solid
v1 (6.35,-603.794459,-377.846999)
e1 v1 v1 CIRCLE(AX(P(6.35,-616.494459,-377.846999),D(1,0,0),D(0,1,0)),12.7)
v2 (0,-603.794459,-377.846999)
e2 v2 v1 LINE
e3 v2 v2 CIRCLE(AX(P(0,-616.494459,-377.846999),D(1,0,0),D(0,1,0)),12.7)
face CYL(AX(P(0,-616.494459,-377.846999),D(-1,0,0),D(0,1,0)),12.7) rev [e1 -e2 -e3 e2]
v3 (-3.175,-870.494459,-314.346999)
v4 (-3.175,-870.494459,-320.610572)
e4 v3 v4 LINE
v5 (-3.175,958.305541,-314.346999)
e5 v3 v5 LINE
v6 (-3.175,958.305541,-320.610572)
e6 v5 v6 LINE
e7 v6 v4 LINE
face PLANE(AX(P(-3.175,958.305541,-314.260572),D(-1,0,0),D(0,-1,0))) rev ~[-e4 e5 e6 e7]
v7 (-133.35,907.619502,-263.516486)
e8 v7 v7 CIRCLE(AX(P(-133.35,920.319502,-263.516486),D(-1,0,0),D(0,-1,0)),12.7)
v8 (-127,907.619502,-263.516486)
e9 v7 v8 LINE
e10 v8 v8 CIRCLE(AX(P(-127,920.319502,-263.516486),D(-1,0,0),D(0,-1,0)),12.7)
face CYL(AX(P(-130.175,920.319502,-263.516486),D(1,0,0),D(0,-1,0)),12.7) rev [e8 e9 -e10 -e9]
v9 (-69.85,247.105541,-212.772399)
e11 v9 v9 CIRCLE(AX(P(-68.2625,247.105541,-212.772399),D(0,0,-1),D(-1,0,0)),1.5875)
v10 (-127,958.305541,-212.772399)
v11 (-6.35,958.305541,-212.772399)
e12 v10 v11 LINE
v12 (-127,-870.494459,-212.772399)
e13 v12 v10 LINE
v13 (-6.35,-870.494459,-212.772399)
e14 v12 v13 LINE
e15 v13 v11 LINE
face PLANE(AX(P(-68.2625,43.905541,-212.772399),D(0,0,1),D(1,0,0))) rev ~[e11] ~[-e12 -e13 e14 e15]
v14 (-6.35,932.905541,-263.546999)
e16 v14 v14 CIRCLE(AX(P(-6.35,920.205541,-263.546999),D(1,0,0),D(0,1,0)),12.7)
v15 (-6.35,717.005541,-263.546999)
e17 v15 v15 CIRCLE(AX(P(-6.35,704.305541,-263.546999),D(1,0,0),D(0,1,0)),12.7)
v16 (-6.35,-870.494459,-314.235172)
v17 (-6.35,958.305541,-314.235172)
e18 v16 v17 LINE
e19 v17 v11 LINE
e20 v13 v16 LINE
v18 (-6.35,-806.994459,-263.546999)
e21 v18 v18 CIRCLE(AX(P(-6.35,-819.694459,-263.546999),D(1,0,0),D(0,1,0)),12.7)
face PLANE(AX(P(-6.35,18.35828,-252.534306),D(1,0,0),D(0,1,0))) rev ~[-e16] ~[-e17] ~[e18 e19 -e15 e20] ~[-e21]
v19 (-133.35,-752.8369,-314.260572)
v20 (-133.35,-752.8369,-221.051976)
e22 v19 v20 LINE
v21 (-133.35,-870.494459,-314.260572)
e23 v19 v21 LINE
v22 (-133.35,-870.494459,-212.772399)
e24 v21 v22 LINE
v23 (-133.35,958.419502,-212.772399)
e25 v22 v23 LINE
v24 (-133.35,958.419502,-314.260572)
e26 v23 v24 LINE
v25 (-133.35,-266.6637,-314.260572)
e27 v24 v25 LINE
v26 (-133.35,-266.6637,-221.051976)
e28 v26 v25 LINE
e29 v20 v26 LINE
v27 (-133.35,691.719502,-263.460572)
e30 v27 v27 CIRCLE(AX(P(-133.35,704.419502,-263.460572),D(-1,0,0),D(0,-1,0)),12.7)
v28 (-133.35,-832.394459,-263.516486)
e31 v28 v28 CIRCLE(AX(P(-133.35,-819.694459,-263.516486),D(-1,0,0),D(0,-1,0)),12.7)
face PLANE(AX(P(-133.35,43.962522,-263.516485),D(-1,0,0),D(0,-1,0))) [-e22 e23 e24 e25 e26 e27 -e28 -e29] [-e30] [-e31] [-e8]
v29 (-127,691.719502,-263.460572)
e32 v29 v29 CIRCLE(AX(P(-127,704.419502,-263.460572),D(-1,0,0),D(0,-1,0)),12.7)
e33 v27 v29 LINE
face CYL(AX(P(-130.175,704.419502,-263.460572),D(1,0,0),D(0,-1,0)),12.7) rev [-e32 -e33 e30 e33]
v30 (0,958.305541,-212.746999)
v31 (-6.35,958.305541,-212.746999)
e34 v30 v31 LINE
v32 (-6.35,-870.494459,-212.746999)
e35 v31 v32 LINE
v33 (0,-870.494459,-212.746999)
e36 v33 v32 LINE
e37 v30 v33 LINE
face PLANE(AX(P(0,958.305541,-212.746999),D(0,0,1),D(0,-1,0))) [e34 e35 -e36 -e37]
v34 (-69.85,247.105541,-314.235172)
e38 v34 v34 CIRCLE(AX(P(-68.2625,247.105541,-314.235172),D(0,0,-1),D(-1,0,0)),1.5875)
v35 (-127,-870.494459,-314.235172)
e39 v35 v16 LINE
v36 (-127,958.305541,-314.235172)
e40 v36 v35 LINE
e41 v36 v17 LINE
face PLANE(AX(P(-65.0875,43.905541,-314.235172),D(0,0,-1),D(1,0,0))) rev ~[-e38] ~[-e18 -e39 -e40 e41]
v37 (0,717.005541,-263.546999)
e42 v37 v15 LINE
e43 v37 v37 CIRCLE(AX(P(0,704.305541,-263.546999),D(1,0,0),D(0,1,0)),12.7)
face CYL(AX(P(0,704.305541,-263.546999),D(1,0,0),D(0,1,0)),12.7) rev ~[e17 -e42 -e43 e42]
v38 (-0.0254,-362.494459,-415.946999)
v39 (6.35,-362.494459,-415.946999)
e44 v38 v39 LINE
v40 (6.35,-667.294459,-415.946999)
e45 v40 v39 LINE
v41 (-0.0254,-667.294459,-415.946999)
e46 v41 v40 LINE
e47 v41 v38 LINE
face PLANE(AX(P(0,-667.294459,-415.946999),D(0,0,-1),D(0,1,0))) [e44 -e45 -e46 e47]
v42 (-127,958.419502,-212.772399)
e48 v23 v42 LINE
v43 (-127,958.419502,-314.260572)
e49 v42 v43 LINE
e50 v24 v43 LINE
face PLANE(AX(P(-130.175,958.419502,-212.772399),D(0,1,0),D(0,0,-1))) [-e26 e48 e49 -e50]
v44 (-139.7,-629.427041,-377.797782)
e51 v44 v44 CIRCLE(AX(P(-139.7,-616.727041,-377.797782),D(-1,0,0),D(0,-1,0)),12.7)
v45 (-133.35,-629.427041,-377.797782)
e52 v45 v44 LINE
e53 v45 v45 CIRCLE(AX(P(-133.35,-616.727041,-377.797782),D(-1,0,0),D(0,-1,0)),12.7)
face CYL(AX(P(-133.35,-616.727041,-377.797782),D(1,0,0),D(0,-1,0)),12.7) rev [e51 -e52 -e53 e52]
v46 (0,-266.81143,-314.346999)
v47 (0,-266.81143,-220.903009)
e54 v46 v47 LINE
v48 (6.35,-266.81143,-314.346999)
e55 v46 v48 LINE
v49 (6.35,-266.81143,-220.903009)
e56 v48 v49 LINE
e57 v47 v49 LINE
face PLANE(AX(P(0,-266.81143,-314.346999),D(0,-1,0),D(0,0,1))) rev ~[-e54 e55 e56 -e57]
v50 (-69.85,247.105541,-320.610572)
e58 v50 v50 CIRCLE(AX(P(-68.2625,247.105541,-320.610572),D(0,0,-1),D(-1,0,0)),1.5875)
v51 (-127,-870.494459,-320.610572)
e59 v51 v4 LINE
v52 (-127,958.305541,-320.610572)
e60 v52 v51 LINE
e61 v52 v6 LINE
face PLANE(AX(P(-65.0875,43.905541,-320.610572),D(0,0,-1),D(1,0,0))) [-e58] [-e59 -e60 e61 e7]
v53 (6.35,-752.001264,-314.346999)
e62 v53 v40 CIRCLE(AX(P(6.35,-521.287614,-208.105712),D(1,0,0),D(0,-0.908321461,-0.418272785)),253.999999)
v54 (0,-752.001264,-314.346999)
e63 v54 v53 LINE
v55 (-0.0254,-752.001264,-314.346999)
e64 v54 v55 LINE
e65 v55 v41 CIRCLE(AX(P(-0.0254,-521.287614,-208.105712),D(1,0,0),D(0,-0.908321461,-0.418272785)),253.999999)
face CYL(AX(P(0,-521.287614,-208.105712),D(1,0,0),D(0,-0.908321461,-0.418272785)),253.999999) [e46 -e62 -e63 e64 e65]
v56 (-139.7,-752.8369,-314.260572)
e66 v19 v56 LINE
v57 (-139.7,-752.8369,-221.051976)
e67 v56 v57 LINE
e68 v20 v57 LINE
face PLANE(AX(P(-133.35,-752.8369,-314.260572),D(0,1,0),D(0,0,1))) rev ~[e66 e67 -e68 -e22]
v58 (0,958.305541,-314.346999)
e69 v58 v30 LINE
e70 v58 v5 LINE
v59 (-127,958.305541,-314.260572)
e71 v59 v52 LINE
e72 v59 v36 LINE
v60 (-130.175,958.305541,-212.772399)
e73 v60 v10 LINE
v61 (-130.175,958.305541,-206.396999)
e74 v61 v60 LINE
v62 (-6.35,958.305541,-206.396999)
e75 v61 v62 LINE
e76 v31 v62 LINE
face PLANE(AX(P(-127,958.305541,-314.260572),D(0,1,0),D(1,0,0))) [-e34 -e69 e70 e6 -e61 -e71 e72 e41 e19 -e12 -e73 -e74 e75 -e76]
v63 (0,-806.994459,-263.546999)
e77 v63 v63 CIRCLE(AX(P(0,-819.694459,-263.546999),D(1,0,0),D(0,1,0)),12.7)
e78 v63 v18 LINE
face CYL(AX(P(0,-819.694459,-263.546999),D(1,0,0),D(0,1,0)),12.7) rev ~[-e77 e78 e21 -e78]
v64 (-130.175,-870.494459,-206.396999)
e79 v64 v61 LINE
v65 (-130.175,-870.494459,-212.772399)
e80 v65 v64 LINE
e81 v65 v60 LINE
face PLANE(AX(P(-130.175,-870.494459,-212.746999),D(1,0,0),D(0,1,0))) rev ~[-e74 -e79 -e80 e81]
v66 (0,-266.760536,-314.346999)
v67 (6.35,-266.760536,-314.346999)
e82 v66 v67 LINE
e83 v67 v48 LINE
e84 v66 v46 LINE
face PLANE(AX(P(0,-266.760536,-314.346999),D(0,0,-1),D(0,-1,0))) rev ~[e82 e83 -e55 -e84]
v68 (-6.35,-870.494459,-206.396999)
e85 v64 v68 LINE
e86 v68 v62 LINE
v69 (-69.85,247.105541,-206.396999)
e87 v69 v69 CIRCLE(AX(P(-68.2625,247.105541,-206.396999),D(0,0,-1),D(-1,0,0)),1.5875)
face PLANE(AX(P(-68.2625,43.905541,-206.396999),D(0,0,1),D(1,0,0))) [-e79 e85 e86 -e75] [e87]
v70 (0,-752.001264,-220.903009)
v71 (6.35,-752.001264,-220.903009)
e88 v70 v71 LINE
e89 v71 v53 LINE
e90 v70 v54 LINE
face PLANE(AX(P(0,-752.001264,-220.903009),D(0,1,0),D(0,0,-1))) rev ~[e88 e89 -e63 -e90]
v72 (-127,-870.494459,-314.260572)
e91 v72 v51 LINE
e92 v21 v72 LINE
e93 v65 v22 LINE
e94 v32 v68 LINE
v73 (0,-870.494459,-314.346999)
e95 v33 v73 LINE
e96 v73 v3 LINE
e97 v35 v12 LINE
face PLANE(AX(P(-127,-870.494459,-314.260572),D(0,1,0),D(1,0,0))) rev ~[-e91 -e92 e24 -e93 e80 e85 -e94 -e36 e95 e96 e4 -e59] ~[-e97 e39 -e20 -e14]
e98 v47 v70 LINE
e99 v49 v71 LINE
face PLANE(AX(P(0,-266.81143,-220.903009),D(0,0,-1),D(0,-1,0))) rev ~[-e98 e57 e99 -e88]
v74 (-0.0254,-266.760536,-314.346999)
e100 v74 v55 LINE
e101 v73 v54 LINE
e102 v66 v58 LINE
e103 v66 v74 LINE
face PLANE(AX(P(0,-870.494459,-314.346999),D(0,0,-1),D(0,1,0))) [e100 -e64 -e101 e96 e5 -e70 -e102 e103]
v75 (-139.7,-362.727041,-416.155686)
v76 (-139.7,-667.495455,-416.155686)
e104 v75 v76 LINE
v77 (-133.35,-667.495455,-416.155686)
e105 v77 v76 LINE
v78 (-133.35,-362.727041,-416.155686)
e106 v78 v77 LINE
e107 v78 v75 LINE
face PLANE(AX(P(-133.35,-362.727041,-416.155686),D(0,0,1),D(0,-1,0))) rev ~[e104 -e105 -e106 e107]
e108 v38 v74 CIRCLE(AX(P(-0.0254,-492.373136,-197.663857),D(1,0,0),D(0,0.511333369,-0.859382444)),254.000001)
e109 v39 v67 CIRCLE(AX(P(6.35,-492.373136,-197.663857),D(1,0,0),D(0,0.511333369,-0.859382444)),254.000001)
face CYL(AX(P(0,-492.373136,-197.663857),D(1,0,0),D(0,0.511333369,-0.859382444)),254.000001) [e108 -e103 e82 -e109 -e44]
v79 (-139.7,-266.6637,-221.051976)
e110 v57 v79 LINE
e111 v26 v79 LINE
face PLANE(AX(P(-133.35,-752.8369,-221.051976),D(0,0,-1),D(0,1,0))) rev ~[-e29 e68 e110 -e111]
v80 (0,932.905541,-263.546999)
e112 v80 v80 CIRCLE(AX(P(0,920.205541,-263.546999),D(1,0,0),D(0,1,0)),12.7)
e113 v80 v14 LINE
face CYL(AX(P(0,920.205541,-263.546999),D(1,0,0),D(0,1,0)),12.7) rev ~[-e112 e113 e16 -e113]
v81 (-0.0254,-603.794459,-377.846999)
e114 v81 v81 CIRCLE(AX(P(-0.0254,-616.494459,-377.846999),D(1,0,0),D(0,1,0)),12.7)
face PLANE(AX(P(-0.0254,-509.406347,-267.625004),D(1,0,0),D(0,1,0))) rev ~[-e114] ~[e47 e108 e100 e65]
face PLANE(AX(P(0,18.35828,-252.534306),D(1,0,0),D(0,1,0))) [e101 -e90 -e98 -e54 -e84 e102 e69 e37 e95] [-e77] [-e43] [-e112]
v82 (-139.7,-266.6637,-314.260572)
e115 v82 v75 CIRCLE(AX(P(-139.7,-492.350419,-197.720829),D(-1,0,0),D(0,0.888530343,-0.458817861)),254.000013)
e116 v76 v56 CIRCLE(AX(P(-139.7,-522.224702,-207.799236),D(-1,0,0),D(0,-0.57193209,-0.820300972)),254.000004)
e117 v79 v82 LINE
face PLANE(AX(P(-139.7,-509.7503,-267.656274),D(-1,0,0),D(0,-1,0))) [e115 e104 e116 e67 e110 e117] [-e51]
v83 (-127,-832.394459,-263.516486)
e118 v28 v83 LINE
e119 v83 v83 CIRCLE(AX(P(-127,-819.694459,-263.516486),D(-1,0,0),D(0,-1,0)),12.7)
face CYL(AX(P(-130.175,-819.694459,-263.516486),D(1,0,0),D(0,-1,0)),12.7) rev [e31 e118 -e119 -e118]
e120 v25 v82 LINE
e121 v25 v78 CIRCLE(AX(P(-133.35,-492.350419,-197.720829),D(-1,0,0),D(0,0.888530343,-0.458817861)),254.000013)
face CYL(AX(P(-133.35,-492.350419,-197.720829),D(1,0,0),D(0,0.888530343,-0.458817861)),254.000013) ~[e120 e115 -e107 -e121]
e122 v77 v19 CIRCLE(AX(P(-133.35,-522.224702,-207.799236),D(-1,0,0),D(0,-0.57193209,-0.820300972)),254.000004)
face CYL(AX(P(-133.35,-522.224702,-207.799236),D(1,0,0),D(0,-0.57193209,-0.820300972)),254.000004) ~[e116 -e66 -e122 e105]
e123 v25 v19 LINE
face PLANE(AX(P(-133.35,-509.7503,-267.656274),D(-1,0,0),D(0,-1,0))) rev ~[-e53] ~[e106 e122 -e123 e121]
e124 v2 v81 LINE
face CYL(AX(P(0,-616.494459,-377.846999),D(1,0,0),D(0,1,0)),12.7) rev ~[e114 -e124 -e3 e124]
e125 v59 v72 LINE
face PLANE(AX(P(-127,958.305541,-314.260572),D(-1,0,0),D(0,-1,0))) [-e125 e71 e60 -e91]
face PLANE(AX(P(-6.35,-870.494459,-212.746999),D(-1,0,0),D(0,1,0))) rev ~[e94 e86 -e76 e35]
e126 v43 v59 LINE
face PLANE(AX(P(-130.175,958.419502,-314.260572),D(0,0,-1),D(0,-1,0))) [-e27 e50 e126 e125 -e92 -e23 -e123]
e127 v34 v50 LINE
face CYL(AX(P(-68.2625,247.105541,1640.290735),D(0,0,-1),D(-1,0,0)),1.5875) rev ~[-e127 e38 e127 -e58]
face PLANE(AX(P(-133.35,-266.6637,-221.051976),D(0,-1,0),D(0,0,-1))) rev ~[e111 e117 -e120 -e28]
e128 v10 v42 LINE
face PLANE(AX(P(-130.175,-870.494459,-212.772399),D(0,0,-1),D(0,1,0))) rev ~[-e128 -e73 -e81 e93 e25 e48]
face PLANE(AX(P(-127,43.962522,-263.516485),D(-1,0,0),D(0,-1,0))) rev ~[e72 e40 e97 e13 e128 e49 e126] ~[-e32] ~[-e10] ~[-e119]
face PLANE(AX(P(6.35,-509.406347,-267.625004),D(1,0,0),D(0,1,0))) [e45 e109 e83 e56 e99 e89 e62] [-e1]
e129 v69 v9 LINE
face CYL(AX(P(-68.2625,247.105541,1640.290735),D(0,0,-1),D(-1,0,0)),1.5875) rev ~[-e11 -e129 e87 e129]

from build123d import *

# Parameters (mm, degrees)
F0_R          = 12.7
F1_DEPTH      = 6.35
F0_W          = 304.8
F0_H          = 101.6
F2_DEPTH      = 6.35
F2_DEPTH_BACK = 0.0254
F3_W          = 123.825
F3_H          = 1828.8
F4_DEPTH      = 6.35
F4_DEPTH_BACK = 0.0254
F5_R          = 12.7
F6_DEPTH      = 3.175
F6_DEPTH_BACK = 3.175
F7_W          = 123.825
F7_H          = 1828.8
F8_DEPTH      = 6.35
F8_DEPTH_BACK = 0.0254
F9_W          = 304.768414
F9_H          = 101.895114
F9_R          = 12.7
F10_DEPTH     = 6.35
F12_D         = 3.175


with BuildPart() as f1:
    # F0 (on Right) → F1 (new body)
    with BuildSketch(Plane.YZ):
        Polygon((958.305541, -212.746999), (-870.494459, -212.746999), (-870.494459, -314.346999), (-752.001264, -314.346999), (-752.001264, -220.903009), (-266.81143, -220.903009), (-266.81143, -314.346999), (-266.760536, -314.346999), (958.305541, -314.346999), align=None)
        with Locations((-819.694459, -263.546999)):
            Circle(F0_R, mode=Mode.SUBTRACT)
        with Locations((704.305541, -263.546999)):
            Circle(F0_R, mode=Mode.SUBTRACT)
        with Locations((920.205541, -263.546999)):
            Circle(F0_R, mode=Mode.SUBTRACT)
        Polygon((-752.001264, -220.903009), (-752.001264, -314.346999), (-667.294459, -314.346999), (-362.494459, -314.346999), (-266.81143, -314.346999), (-266.81143, -220.903009), align=None)
    extrude(amount=-F1_DEPTH)

    # F0 (on Right) → F2 (join, two sides)
    with BuildSketch(Plane.YZ) as f2_sk:
        Polygon((-752.001264, -220.903009), (-752.001264, -314.346999), (-667.294459, -314.346999), (-362.494459, -314.346999), (-266.81143, -314.346999), (-266.81143, -220.903009), align=None)
        with BuildLine():
            Line((-667.294459, -314.346999), (-752.001264, -314.346999))
            ThreePointArc((-752.001264, -314.346999), (-716.377908, -370.75803), (-667.294459, -415.946999))
            Line((-667.294459, -415.946999), (-667.294459, -314.346999))
        make_face()
        with Locations((-514.894459, -365.146999)):
            Rectangle(F0_W, F0_H)
        with Locations((-616.494459, -377.846999)):
            Circle(F0_R, mode=Mode.SUBTRACT)
        with BuildLine():
            ThreePointArc((-362.494459, -415.946999), (-307.510614, -371.852975), (-266.760536, -314.346999))
            Line((-266.760536, -314.346999), (-266.81143, -314.346999))
            Line((-266.81143, -314.346999), (-362.494459, -314.346999))
            Line((-362.494459, -314.346999), (-362.494459, -415.946999))
        make_face()
    extrude(amount=F2_DEPTH)
    extrude(f2_sk.sketch, amount=-F2_DEPTH_BACK)

    # F3 (on face) → F4 (join, two sides)
    with BuildSketch(Plane.XY.offset(-212.746999)) as f4_sk:
        with Locations((-68.2625, 43.905541)):
            Rectangle(F3_W, F3_H)
    extrude(amount=F4_DEPTH)
    extrude(f4_sk.sketch, amount=-F4_DEPTH_BACK)

    # F5 (on face) → F6 (join, two sides)
    with BuildSketch(Plane(origin=(-130.175, 0, 0), x_dir=(0, -1, 0), z_dir=(-1, 0, 0))) as f6_sk:
        Polygon((870.494459, -314.260572), (870.494459, -212.772399), (-958.305541, -212.772399), (-958.419502, -212.772399), (-958.419502, -314.260572), align=None)
        with Locations((-920.319502, -263.516486)):
            Circle(F5_R, mode=Mode.SUBTRACT)
        with Locations((-704.419502, -263.460572)):
            Circle(F5_R, mode=Mode.SUBTRACT)
        with Locations((819.694459, -263.516486)):
            Circle(F5_R, mode=Mode.SUBTRACT)
    extrude(amount=F6_DEPTH)
    extrude(f6_sk.sketch, amount=-F6_DEPTH_BACK)

    # F7 (on face) → F8 (join, two sides)
    with BuildSketch(Plane(origin=(0, 0, -314.260572), x_dir=(1, 0, 0), z_dir=(0, 0, -1))) as f8_sk:
        with Locations((-65.0875, -43.905541)):
            Rectangle(F7_W, F7_H)
    extrude(amount=F8_DEPTH)
    extrude(f8_sk.sketch, amount=-F8_DEPTH_BACK)

    # F9 (on face) → F10 (join)
    with BuildSketch(Plane(origin=(-133.35, 0, 0), x_dir=(0, -1, 0), z_dir=(-1, 0, 0))):
        Polygon((752.8369, -221.051976), (266.6637, -221.051976), (266.6637, -314.260572), (362.727041, -314.260572), (667.495455, -314.260572), (752.8369, -314.260572), align=None)
        with BuildLine():
            Line((362.727041, -314.260572), (266.6637, -314.260572))
            ThreePointArc((266.6637, -314.260572), (307.534376, -371.959278), (362.727041, -416.155686))
            Line((362.727041, -416.155686), (362.727041, -314.260572))
        make_face()
        with Locations((515.111248, -365.208129)):
            Rectangle(F9_W, F9_H)
        with Locations((616.727041, -377.797782)):
            Circle(F9_R, mode=Mode.SUBTRACT)
        with BuildLine():
            ThreePointArc((667.495455, -416.155686), (716.949255, -370.889243), (752.8369, -314.260572))
            Line((752.8369, -314.260572), (667.495455, -314.260572))
            Line((667.495455, -314.260572), (667.495455, -416.155686))
        make_face()
    extrude(amount=F10_DEPTH)

    # F12 (through all)
    with Locations(Plane.XY.offset(-206.396999)):
        with Locations((-68.2625, 247.105541)):
            Hole(F12_D / 2)


solid = f1.part
